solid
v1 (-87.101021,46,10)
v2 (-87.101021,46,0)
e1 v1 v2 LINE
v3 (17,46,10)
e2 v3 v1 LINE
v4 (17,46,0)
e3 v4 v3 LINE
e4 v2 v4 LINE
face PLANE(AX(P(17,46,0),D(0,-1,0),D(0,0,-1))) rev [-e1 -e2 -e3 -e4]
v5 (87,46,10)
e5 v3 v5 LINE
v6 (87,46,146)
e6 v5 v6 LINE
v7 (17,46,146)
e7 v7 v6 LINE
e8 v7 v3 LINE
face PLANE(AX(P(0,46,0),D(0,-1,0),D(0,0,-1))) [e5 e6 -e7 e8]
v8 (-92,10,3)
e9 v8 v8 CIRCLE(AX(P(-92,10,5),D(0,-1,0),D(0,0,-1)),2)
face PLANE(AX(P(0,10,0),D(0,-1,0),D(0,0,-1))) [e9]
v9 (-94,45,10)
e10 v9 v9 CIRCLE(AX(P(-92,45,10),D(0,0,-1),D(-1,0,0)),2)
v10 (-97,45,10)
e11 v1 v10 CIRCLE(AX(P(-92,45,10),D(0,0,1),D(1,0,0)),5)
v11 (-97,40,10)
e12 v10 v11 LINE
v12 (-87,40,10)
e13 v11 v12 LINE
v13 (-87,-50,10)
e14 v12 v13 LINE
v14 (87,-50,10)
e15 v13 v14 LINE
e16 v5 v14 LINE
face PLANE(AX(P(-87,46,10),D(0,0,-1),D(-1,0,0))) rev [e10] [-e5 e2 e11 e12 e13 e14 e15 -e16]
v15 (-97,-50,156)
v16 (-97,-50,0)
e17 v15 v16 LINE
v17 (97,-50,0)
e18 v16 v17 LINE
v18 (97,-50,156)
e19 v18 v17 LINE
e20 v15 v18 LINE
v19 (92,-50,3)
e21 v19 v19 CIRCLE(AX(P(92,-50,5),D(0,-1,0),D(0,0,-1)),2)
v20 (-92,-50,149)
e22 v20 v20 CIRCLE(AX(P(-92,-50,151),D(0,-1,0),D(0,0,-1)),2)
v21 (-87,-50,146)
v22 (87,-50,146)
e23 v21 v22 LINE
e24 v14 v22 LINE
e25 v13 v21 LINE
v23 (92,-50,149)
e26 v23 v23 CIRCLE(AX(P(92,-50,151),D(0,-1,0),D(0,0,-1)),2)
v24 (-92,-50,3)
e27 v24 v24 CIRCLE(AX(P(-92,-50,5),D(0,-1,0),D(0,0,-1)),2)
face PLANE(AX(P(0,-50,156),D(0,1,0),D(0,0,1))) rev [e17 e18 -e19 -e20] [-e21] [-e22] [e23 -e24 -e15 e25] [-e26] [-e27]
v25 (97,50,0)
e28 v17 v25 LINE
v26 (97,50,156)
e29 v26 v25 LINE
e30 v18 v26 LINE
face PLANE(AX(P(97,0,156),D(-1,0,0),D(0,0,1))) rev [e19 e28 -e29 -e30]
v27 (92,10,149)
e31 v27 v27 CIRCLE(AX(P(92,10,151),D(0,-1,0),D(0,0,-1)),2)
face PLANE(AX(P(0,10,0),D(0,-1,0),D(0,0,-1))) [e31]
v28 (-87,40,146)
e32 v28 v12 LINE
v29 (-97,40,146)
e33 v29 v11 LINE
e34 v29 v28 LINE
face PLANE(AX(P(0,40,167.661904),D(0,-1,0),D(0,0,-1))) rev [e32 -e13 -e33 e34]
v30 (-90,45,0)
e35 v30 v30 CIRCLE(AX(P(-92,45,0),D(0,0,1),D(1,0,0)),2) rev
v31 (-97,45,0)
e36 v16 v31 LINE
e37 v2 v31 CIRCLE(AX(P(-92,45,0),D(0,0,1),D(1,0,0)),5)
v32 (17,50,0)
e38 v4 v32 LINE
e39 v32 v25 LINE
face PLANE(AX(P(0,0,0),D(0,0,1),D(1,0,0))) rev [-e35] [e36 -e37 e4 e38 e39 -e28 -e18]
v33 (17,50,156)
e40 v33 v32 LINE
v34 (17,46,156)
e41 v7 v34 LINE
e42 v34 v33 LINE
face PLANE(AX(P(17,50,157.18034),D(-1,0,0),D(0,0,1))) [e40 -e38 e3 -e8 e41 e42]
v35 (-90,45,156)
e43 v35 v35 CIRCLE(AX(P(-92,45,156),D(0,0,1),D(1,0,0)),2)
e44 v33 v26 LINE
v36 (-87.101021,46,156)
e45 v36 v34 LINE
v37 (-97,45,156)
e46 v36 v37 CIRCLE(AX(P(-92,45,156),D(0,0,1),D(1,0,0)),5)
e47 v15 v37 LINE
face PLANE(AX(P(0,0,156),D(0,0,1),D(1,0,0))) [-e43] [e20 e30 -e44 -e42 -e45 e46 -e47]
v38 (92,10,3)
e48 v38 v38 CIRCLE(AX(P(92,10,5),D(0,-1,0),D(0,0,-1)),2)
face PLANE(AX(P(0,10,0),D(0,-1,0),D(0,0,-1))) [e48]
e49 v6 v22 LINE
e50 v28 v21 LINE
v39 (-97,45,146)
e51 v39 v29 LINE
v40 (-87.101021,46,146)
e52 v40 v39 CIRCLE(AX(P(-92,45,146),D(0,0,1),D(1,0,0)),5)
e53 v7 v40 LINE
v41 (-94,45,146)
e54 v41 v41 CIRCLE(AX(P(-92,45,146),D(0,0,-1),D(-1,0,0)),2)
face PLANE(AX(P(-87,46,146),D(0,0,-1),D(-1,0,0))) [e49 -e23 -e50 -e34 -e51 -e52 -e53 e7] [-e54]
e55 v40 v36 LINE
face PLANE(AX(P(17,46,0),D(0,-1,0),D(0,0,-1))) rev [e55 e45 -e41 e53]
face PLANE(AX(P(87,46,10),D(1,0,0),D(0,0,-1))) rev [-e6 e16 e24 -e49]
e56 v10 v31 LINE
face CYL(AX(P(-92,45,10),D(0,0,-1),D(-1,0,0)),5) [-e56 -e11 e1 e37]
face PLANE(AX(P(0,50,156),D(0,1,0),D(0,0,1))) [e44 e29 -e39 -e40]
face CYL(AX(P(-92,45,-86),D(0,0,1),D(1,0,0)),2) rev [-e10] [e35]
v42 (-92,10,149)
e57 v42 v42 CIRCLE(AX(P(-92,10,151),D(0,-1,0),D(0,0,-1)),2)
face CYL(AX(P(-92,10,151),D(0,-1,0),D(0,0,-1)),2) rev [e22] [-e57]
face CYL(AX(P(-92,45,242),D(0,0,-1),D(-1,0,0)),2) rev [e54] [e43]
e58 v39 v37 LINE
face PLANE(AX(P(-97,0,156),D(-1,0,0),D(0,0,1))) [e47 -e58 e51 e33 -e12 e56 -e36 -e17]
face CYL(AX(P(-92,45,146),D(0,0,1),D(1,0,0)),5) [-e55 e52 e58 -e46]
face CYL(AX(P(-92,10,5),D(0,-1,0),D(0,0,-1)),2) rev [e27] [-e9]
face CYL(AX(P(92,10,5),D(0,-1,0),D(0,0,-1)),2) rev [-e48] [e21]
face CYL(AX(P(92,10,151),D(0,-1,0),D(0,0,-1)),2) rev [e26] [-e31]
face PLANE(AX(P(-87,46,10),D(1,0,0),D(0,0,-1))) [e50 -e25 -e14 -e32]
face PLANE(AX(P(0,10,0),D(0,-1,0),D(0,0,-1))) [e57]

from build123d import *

# Parameters (mm, degrees)
SKETCH1_W               = 80
SKETCH1_H               = 5
BOSS_EXTRUDE1_DEPTH     = 156
SKETCH2_W               = 174
SKETCH2_H               = 136
CUT_EXTRUDE1_DEPTH      = 96
SKETCH3_W               = 94
SKETCH3_H               = 136
CUT_EXTRUDE2_DEPTH      = 96
SKETCH6_W               = 10
SKETCH6_H               = 5
CUT_EXTRUDE3_DEPTH      = 136
CUT_EXTRUDE4_DEPTH      = 183.277261336
CUT_EXTRUDE4_DEPTH_BACK = 183.277261336
SKETCH7_W               = 114
SKETCH7_H               = 4
CUT_EXTRUDE9_REACH      = 192.381
BOSS_EXTRUDE2_DEPTH     = 10
SKETCH10_R              = 2
CUT_EXTRUDE10_DEPTH     = 96
SKETCH12_R              = 2
CUT_EXTRUDE11_DEPTH     = 60


with BuildPart() as part:
    # Sketch1 → Boss-Extrude1 (new body)
    with BuildSketch(Plane.XY):
        Polygon((-97, 50), (-97, -50), (97, -50), (97, 45), (17, 45), (17, 50), align=None)
        with Locations((57, 47.5)):
            Rectangle(SKETCH1_W, SKETCH1_H)
    extrude(amount=BOSS_EXTRUDE1_DEPTH)

    # Sketch2 → Cut-Extrude1 (cut)
    with BuildSketch(Plane(origin=(0, -50, 0), x_dir=(-1, 0, 0), z_dir=(0, -1, 0))):
        with Locations((0, -78)):
            Rectangle(SKETCH2_W, SKETCH2_H)
    extrude(amount=-CUT_EXTRUDE1_DEPTH, mode=Mode.SUBTRACT)

    # Sketch3 → Cut-Extrude2 (cut)
    with BuildSketch(Plane(origin=(0, 50, 0), x_dir=(1, 0, 0), z_dir=(0, 1, 0))):
        with Locations((-40, -78)):
            Rectangle(SKETCH3_W, SKETCH3_H)
    extrude(amount=-CUT_EXTRUDE2_DEPTH, mode=Mode.SUBTRACT)

    # Sketch6 → Cut-Extrude3 (cut)
    with BuildSketch(Plane.XY.offset(10)):
        with Locations((12, 47.5)):
            Rectangle(SKETCH6_W, SKETCH6_H)
    extrude(amount=CUT_EXTRUDE3_DEPTH, mode=Mode.SUBTRACT)

    # Sketch7 → Cut-Extrude4 (cut, two sides: drawn at the far end of the back side and taken through both)
    with BuildSketch(Plane.XY.offset(10).offset(-CUT_EXTRUDE4_DEPTH_BACK)):
        with Locations((-40, 48)):
            Rectangle(SKETCH7_W, SKETCH7_H)
    extrude(amount=CUT_EXTRUDE4_DEPTH + CUT_EXTRUDE4_DEPTH_BACK, mode=Mode.SUBTRACT)

    # Cut-Extrude9: up to this face of the body (flat: up to its plane)
    cut_extrude9_end = Plane(part.part.faces().sort_by_distance((0.962837838, -1.155405405, 156))[0])
    # Sketch8 → Cut-Extrude9 (cut, up to the picked face)
    with BuildSketch(Plane.XY, mode=Mode.PRIVATE) as cut_extrude9_sk1:
        Polygon((-97, 46), (-97, 45), (-97, 40), (-92, 40), (-87, 40), (-87, 46), align=None)
    cut_extrude9_tool1 = split(extrude(cut_extrude9_sk1.sketch, amount=CUT_EXTRUDE9_REACH, mode=Mode.PRIVATE), bisect_by=cut_extrude9_end, keep=Keep.BOTH, mode=Mode.PRIVATE)
    add(cut_extrude9_tool1.solids().sort_by(Axis((-92, 43, 0), (0, 0, 1)))[0], mode=Mode.SUBTRACT)

    # Sketch9 → Boss-Extrude2 (add)
    with BuildSketch(Plane.XY.offset(156)):
        with BuildLine():
            Line((-97, 40), (-97, 45))
            ThreePointArc((-97, 45), (-92.50254481, 49.974680765), (-87.101020514, 46))
            Line((-87.101020514, 46), (-87, 46))
            Line((-87, 46), (-87, 45))
            Line((-87, 45), (-87, 40))
            Line((-87, 40), (-97, 40))
        make_face()
    boss_extrude2 = extrude(amount=-BOSS_EXTRUDE2_DEPTH)

    # Sketch10 → Cut-Extrude10 (cut)
    with BuildSketch(Plane(origin=(0, 0, 146), x_dir=(-1, 0, 0), z_dir=(0, 0, -1))):
        with Locations((92, 45)):
            Circle(SKETCH10_R)
    cut_extrude10 = extrude(amount=-CUT_EXTRUDE10_DEPTH, mode=Mode.SUBTRACT)

    # Mirror1: Boss-Extrude2, Cut-Extrude10 across plane
    add(boss_extrude2.mirror(Plane.XY.offset(78)))
    add(cut_extrude10.mirror(Plane.XY.offset(78)), mode=Mode.SUBTRACT)

    # Sketch12 → Cut-Extrude11 (cut)
    with BuildSketch(Plane(origin=(0, -50, 0), x_dir=(-1, 0, 0), z_dir=(0, -1, 0))):
        with Locations(Location((92, -151, 0), (0, 0, 90))):
            Circle(SKETCH12_R)
        with Locations(Location((-92, -151, 0), (0, 0, 90))):
            Circle(SKETCH12_R)
        with Locations(Location((-92, -5, 0), (0, 0, 90))):
            Circle(SKETCH12_R)
        with Locations(Location((92, -5, 0), (0, 0, 90))):
            Circle(SKETCH12_R)
    extrude(amount=-CUT_EXTRUDE11_DEPTH, mode=Mode.SUBTRACT)


solid = part.part
